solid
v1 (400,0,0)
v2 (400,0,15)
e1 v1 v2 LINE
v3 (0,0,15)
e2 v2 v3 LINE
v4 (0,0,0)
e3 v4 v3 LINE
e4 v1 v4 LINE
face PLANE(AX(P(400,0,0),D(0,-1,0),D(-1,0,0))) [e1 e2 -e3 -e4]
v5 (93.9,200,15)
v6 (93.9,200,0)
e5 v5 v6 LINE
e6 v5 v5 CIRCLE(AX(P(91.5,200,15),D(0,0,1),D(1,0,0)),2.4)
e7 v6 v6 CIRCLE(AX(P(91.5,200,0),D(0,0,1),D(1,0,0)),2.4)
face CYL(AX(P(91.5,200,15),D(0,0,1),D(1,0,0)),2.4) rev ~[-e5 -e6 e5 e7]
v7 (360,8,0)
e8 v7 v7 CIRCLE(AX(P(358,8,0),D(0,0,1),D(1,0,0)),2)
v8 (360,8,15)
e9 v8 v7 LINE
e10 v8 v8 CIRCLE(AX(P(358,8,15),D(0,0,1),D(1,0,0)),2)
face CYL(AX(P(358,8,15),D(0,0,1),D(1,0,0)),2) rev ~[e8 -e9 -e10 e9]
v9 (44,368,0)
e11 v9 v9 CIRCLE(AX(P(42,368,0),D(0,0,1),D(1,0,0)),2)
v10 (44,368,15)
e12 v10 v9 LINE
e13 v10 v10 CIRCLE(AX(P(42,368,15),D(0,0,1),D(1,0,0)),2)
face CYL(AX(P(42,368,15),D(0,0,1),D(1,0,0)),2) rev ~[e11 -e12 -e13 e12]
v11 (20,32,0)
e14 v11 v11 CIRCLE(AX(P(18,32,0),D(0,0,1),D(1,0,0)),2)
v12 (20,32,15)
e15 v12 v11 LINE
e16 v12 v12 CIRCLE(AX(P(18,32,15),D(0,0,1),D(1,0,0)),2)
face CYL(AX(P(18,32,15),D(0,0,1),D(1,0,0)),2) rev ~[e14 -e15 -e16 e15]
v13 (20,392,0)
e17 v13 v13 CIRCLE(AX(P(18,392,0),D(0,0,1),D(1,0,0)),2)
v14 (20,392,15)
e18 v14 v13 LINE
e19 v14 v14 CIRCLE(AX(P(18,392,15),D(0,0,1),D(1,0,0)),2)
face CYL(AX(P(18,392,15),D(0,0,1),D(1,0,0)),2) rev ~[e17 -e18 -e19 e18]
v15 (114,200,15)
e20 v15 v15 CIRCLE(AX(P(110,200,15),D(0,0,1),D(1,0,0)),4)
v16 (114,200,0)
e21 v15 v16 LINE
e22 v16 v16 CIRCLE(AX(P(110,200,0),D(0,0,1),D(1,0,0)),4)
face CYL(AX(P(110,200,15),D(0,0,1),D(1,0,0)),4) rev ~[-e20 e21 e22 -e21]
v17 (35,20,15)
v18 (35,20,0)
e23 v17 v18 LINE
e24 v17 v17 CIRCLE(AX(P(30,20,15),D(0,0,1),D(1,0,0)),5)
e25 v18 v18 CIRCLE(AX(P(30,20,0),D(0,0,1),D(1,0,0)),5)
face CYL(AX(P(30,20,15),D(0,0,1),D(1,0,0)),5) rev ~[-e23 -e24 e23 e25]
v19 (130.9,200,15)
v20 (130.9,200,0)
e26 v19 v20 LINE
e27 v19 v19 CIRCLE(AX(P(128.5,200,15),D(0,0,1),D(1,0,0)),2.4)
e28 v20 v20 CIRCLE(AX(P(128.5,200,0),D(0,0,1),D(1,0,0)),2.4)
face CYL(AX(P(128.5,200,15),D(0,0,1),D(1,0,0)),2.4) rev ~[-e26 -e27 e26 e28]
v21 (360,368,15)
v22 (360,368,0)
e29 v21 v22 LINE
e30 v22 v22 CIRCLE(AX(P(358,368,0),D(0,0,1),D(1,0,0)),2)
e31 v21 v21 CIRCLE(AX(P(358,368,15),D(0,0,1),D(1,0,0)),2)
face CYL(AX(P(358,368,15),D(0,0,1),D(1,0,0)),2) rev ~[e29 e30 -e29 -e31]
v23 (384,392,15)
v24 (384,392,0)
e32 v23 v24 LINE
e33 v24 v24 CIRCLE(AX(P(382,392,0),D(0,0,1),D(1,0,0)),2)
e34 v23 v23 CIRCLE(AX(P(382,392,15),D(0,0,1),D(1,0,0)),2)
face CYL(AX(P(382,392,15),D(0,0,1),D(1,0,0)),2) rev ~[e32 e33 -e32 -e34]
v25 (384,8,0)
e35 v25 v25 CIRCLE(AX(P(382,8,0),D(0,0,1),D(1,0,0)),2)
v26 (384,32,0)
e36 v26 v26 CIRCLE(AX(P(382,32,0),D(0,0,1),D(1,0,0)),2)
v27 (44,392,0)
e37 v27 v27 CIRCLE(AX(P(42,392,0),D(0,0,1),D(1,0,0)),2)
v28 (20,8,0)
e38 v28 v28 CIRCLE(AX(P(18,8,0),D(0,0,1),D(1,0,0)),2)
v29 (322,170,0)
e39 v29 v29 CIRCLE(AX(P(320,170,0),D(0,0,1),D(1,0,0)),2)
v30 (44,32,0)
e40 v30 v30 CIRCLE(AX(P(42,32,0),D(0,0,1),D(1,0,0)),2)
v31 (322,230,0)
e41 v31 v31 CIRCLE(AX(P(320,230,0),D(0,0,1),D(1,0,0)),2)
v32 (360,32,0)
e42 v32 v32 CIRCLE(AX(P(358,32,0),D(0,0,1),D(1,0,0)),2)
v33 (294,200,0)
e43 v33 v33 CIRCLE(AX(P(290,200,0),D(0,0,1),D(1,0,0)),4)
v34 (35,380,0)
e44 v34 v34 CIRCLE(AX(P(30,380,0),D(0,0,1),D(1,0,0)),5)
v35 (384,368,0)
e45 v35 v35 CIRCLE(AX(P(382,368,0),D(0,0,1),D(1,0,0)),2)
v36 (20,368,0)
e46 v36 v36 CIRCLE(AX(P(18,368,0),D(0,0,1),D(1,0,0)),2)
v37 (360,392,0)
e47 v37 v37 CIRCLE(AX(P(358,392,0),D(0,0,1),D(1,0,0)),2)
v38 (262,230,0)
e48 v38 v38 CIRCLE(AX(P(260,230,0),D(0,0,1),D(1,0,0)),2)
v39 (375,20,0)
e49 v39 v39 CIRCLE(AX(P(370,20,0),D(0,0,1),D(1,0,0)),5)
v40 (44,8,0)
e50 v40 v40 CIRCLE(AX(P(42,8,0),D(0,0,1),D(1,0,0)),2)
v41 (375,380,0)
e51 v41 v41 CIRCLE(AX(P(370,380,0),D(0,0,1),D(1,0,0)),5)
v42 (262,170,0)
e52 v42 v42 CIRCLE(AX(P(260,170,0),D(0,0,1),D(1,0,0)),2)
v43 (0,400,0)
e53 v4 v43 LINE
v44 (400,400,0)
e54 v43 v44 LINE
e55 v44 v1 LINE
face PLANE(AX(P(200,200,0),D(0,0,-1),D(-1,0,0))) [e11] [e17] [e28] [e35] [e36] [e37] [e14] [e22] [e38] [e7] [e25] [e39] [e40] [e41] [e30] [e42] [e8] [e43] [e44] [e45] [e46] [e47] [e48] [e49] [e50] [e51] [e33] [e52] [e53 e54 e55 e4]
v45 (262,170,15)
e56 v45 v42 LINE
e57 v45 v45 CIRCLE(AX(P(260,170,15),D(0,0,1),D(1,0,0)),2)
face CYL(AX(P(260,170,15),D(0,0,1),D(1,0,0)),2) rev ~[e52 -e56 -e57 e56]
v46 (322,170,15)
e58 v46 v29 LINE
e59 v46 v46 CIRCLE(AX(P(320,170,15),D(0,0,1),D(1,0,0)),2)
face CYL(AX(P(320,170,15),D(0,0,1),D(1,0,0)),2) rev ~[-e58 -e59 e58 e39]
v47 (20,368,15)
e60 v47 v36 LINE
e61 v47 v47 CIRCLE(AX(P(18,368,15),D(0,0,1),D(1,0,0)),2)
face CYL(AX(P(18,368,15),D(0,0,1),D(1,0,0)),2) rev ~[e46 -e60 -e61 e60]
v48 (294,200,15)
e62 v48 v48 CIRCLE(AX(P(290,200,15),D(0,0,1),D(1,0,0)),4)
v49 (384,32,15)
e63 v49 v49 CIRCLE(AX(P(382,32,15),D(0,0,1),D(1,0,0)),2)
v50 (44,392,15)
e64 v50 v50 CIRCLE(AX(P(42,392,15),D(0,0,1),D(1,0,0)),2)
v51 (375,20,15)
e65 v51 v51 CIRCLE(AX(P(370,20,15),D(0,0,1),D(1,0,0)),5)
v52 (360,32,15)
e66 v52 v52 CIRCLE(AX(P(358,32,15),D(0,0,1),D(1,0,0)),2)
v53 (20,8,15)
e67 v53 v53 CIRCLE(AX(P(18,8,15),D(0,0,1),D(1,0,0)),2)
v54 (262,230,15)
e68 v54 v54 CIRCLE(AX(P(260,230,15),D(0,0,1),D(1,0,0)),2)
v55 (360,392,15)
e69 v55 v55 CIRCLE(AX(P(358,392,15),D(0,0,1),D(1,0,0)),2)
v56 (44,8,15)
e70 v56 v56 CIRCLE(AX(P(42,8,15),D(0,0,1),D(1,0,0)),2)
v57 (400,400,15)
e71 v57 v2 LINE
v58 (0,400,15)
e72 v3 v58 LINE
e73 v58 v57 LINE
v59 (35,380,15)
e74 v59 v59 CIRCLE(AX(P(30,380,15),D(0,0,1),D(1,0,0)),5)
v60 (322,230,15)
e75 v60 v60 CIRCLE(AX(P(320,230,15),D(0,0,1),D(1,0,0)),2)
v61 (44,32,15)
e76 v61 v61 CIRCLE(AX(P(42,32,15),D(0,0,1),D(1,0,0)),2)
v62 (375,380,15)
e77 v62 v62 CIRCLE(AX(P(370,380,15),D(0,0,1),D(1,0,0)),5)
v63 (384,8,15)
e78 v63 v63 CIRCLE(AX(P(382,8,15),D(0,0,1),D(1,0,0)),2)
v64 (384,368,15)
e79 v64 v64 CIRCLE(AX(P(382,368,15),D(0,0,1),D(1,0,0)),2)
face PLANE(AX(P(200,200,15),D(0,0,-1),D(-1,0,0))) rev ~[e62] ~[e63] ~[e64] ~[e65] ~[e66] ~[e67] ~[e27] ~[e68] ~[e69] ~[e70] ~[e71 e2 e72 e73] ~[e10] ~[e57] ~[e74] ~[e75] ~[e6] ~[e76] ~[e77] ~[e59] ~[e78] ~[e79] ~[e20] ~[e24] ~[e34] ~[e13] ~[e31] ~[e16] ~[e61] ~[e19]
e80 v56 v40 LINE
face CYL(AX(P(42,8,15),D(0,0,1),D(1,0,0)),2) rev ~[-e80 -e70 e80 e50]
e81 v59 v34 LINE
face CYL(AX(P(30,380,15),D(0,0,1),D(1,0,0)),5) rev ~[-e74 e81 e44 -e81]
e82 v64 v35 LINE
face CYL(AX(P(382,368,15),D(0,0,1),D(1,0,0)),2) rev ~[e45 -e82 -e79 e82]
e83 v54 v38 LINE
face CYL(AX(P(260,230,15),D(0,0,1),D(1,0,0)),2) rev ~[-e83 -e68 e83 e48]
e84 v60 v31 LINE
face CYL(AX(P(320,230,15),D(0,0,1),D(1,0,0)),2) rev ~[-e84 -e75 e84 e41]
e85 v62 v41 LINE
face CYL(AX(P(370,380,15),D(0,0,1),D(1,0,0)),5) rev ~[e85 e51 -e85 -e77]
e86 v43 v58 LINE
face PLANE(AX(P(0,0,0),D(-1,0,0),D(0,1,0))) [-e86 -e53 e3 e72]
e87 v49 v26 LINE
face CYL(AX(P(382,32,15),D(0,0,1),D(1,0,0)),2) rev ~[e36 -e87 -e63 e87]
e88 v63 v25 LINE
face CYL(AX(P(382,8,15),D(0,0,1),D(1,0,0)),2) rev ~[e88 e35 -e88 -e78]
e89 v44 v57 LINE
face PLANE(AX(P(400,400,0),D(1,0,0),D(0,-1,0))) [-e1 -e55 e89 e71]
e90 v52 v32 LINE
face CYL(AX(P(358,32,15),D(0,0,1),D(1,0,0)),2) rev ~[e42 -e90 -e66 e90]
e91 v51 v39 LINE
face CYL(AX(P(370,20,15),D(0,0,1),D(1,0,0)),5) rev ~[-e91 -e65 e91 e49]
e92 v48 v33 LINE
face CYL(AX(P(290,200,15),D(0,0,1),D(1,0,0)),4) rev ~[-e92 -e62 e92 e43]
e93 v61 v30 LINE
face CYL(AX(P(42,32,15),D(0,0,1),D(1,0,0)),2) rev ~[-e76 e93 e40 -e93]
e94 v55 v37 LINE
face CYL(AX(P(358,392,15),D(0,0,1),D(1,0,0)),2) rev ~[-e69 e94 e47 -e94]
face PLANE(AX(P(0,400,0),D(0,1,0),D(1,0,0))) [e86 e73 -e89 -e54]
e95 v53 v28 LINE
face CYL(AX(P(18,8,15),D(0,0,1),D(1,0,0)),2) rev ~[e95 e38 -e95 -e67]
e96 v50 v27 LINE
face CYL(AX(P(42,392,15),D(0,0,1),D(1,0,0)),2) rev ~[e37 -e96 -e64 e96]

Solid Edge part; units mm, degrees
sketch "Sketch1" plane through (0, 0, 0) normal (0, 0, 1) x (1, 0, 0)
  line L0 (400, 0) -> (0, 0)
  line L1 (0, 0) -> (0, 400)
  line L2 (0, 400) -> (400, 400)
  line L3 (400, 400) -> (400, 0)
extrude "Protrusion1" add sketch "Sketch1" along normal blind 15
sketch "Sketch2" plane through (200, 200, 15) normal (0, 0, 1) x (1, 0, 0)
  circle A0 centre (-170, 180) radius 5
extrude "VaciadoExtruido_1" cut sketch "Sketch2" against normal blind 15
sketch "Sketch3" plane through (200, 200, 15) normal (0, 0, 1) x (1, 0, 0)
  circle A0 centre (170, -180) radius 5
extrude "VaciadoExtruido_7" cut sketch "Sketch3" against normal blind 15
sketch "Sketch4" plane through (200, 200, 15) normal (0, 0, 1) x (1, 0, 0)
  circle A0 centre (-170, -180) radius 5
extrude "VaciadoExtruido_10" cut sketch "Sketch4" against normal blind 15
sketch "Sketch5" plane through (200, 200, 15) normal (0, 0, 1) x (1, 0, 0)
  circle A0 centre (170, 180) radius 5
extrude "VaciadoExtruido_13" cut sketch "Sketch5" against normal blind 15
sketch "Sketch6" plane through (200, 200, 15) normal (0, 0, 1) x (1, 0, 0)
  circle A0 centre (-182, 168) radius 2
extrude "VaciadoExtruido_14" cut sketch "Sketch6" against normal blind 15
sketch "Sketch7" plane through (200, 200, 15) normal (0, 0, 1) x (1, 0, 0)
  circle A0 centre (182, -192) radius 2
extrude "VaciadoExtruido_15" cut sketch "Sketch7" against normal blind 15
sketch "Sketch8" plane through (200, 200, 15) normal (0, 0, 1) x (1, 0, 0)
  circle A0 centre (182, -168) radius 2
extrude "VaciadoExtruido_16" cut sketch "Sketch8" against normal blind 15
sketch "Sketch9" plane through (200, 200, 15) normal (0, 0, 1) x (1, 0, 0)
  circle A0 centre (158, -192) radius 2
extrude "VaciadoExtruido_17" cut sketch "Sketch9" against normal blind 15
sketch "Sketch10" plane through (200, 200, 15) normal (0, 0, 1) x (1, 0, 0)
  circle A0 centre (158, -168) radius 2
extrude "VaciadoExtruido_18" cut sketch "Sketch10" against normal blind 15
sketch "Sketch11" plane through (200, 200, 15) normal (0, 0, 1) x (1, 0, 0)
  circle A0 centre (-158, -192) radius 2
extrude "VaciadoExtruido_19" cut sketch "Sketch11" against normal blind 15
sketch "Sketch12" plane through (200, 200, 15) normal (0, 0, 1) x (1, 0, 0)
  circle A0 centre (-182, -192) radius 2
extrude "VaciadoExtruido_20" cut sketch "Sketch12" against normal blind 15
sketch "Sketch13" plane through (200, 200, 15) normal (0, 0, 1) x (1, 0, 0)
  circle A0 centre (-182, -168) radius 2
extrude "VaciadoExtruido_21" cut sketch "Sketch13" against normal blind 15
sketch "Sketch14" plane through (200, 200, 15) normal (0, 0, 1) x (1, 0, 0)
  circle A0 centre (-158, -168) radius 2
extrude "VaciadoExtruido_22" cut sketch "Sketch14" against normal blind 15
sketch "Sketch15" plane through (200, 200, 15) normal (0, 0, 1) x (1, 0, 0)
  circle A0 centre (182, 168) radius 2
extrude "VaciadoExtruido_23" cut sketch "Sketch15" against normal blind 15
sketch "Sketch16" plane through (200, 200, 15) normal (0, 0, 1) x (1, 0, 0)
  circle A0 centre (158, 168) radius 2
extrude "VaciadoExtruido_24" cut sketch "Sketch16" against normal blind 15
sketch "Sketch17" plane through (200, 200, 15) normal (0, 0, 1) x (1, 0, 0)
  circle A0 centre (158, 192) radius 2
extrude "VaciadoExtruido_25" cut sketch "Sketch17" against normal blind 15
sketch "Sketch18" plane through (200, 200, 15) normal (0, 0, 1) x (1, 0, 0)
  circle A0 centre (182, 192) radius 2
extrude "VaciadoExtruido_26" cut sketch "Sketch18" against normal blind 15
sketch "Sketch19" plane through (200, 200, 15) normal (0, 0, 1) x (1, 0, 0)
  circle A0 centre (-158, 168) radius 2
extrude "VaciadoExtruido_27" cut sketch "Sketch19" against normal blind 15
sketch "Sketch20" plane through (200, 200, 15) normal (0, 0, 1) x (1, 0, 0)
  circle A0 centre (-158, 192) radius 2
extrude "VaciadoExtruido_29" cut sketch "Sketch20" against normal blind 15
sketch "Sketch21" plane through (200, 200, 15) normal (0, 0, 1) x (1, 0, 0)
  circle A0 centre (-182, 192) radius 2
extrude "VaciadoExtruido_30" cut sketch "Sketch21" against normal blind 15
sketch "Sketch22" plane through (200, 200, 15) normal (0, 0, 1) x (1, 0, 0)
  circle A0 centre (-108.5, 0) radius 2.4
extrude "VaciadoExtruido_52" cut sketch "Sketch22" against normal blind 15
sketch "Sketch23" plane through (200, 200, 15) normal (0, 0, 1) x (1, 0, 0)
  circle A0 centre (-90, 0) radius 4
extrude "VaciadoExtruido_53" cut sketch "Sketch23" against normal blind 15
sketch "Sketch24" plane through (200, 200, 15) normal (0, 0, 1) x (1, 0, 0)
  circle A0 centre (-71.5, 0) radius 2.4
extrude "VaciadoExtruido_54" cut sketch "Sketch24" against normal blind 15
sketch "Sketch25" plane through (200, 200, 15) normal (0, 0, 1) x (1, 0, 0)
  circle A0 centre (90, 0) radius 4
extrude "VaciadoExtruido_55" cut sketch "Sketch25" against normal blind 15
sketch "Sketch26" plane through (200, 200, 15) normal (0, 0, 1) x (1, 0, 0)
  circle A0 centre (60, 30) radius 2
extrude "VaciadoExtruido_56" cut sketch "Sketch26" against normal blind 15
sketch "Sketch27" plane through (200, 200, 15) normal (0, 0, 1) x (1, 0, 0)
  circle A0 centre (60, -30) radius 2
extrude "VaciadoExtruido_57" cut sketch "Sketch27" against normal blind 15
sketch "Sketch28" plane through (200, 200, 15) normal (0, 0, 1) x (1, 0, 0)
  circle A0 centre (120, -30) radius 2
extrude "VaciadoExtruido_58" cut sketch "Sketch28" against normal blind 15
sketch "Sketch29" plane through (200, 200, 15) normal (0, 0, 1) x (1, 0, 0)
  circle A0 centre (120, 30) radius 2
extrude "VaciadoExtruido_59" cut sketch "Sketch29" against normal blind 15
